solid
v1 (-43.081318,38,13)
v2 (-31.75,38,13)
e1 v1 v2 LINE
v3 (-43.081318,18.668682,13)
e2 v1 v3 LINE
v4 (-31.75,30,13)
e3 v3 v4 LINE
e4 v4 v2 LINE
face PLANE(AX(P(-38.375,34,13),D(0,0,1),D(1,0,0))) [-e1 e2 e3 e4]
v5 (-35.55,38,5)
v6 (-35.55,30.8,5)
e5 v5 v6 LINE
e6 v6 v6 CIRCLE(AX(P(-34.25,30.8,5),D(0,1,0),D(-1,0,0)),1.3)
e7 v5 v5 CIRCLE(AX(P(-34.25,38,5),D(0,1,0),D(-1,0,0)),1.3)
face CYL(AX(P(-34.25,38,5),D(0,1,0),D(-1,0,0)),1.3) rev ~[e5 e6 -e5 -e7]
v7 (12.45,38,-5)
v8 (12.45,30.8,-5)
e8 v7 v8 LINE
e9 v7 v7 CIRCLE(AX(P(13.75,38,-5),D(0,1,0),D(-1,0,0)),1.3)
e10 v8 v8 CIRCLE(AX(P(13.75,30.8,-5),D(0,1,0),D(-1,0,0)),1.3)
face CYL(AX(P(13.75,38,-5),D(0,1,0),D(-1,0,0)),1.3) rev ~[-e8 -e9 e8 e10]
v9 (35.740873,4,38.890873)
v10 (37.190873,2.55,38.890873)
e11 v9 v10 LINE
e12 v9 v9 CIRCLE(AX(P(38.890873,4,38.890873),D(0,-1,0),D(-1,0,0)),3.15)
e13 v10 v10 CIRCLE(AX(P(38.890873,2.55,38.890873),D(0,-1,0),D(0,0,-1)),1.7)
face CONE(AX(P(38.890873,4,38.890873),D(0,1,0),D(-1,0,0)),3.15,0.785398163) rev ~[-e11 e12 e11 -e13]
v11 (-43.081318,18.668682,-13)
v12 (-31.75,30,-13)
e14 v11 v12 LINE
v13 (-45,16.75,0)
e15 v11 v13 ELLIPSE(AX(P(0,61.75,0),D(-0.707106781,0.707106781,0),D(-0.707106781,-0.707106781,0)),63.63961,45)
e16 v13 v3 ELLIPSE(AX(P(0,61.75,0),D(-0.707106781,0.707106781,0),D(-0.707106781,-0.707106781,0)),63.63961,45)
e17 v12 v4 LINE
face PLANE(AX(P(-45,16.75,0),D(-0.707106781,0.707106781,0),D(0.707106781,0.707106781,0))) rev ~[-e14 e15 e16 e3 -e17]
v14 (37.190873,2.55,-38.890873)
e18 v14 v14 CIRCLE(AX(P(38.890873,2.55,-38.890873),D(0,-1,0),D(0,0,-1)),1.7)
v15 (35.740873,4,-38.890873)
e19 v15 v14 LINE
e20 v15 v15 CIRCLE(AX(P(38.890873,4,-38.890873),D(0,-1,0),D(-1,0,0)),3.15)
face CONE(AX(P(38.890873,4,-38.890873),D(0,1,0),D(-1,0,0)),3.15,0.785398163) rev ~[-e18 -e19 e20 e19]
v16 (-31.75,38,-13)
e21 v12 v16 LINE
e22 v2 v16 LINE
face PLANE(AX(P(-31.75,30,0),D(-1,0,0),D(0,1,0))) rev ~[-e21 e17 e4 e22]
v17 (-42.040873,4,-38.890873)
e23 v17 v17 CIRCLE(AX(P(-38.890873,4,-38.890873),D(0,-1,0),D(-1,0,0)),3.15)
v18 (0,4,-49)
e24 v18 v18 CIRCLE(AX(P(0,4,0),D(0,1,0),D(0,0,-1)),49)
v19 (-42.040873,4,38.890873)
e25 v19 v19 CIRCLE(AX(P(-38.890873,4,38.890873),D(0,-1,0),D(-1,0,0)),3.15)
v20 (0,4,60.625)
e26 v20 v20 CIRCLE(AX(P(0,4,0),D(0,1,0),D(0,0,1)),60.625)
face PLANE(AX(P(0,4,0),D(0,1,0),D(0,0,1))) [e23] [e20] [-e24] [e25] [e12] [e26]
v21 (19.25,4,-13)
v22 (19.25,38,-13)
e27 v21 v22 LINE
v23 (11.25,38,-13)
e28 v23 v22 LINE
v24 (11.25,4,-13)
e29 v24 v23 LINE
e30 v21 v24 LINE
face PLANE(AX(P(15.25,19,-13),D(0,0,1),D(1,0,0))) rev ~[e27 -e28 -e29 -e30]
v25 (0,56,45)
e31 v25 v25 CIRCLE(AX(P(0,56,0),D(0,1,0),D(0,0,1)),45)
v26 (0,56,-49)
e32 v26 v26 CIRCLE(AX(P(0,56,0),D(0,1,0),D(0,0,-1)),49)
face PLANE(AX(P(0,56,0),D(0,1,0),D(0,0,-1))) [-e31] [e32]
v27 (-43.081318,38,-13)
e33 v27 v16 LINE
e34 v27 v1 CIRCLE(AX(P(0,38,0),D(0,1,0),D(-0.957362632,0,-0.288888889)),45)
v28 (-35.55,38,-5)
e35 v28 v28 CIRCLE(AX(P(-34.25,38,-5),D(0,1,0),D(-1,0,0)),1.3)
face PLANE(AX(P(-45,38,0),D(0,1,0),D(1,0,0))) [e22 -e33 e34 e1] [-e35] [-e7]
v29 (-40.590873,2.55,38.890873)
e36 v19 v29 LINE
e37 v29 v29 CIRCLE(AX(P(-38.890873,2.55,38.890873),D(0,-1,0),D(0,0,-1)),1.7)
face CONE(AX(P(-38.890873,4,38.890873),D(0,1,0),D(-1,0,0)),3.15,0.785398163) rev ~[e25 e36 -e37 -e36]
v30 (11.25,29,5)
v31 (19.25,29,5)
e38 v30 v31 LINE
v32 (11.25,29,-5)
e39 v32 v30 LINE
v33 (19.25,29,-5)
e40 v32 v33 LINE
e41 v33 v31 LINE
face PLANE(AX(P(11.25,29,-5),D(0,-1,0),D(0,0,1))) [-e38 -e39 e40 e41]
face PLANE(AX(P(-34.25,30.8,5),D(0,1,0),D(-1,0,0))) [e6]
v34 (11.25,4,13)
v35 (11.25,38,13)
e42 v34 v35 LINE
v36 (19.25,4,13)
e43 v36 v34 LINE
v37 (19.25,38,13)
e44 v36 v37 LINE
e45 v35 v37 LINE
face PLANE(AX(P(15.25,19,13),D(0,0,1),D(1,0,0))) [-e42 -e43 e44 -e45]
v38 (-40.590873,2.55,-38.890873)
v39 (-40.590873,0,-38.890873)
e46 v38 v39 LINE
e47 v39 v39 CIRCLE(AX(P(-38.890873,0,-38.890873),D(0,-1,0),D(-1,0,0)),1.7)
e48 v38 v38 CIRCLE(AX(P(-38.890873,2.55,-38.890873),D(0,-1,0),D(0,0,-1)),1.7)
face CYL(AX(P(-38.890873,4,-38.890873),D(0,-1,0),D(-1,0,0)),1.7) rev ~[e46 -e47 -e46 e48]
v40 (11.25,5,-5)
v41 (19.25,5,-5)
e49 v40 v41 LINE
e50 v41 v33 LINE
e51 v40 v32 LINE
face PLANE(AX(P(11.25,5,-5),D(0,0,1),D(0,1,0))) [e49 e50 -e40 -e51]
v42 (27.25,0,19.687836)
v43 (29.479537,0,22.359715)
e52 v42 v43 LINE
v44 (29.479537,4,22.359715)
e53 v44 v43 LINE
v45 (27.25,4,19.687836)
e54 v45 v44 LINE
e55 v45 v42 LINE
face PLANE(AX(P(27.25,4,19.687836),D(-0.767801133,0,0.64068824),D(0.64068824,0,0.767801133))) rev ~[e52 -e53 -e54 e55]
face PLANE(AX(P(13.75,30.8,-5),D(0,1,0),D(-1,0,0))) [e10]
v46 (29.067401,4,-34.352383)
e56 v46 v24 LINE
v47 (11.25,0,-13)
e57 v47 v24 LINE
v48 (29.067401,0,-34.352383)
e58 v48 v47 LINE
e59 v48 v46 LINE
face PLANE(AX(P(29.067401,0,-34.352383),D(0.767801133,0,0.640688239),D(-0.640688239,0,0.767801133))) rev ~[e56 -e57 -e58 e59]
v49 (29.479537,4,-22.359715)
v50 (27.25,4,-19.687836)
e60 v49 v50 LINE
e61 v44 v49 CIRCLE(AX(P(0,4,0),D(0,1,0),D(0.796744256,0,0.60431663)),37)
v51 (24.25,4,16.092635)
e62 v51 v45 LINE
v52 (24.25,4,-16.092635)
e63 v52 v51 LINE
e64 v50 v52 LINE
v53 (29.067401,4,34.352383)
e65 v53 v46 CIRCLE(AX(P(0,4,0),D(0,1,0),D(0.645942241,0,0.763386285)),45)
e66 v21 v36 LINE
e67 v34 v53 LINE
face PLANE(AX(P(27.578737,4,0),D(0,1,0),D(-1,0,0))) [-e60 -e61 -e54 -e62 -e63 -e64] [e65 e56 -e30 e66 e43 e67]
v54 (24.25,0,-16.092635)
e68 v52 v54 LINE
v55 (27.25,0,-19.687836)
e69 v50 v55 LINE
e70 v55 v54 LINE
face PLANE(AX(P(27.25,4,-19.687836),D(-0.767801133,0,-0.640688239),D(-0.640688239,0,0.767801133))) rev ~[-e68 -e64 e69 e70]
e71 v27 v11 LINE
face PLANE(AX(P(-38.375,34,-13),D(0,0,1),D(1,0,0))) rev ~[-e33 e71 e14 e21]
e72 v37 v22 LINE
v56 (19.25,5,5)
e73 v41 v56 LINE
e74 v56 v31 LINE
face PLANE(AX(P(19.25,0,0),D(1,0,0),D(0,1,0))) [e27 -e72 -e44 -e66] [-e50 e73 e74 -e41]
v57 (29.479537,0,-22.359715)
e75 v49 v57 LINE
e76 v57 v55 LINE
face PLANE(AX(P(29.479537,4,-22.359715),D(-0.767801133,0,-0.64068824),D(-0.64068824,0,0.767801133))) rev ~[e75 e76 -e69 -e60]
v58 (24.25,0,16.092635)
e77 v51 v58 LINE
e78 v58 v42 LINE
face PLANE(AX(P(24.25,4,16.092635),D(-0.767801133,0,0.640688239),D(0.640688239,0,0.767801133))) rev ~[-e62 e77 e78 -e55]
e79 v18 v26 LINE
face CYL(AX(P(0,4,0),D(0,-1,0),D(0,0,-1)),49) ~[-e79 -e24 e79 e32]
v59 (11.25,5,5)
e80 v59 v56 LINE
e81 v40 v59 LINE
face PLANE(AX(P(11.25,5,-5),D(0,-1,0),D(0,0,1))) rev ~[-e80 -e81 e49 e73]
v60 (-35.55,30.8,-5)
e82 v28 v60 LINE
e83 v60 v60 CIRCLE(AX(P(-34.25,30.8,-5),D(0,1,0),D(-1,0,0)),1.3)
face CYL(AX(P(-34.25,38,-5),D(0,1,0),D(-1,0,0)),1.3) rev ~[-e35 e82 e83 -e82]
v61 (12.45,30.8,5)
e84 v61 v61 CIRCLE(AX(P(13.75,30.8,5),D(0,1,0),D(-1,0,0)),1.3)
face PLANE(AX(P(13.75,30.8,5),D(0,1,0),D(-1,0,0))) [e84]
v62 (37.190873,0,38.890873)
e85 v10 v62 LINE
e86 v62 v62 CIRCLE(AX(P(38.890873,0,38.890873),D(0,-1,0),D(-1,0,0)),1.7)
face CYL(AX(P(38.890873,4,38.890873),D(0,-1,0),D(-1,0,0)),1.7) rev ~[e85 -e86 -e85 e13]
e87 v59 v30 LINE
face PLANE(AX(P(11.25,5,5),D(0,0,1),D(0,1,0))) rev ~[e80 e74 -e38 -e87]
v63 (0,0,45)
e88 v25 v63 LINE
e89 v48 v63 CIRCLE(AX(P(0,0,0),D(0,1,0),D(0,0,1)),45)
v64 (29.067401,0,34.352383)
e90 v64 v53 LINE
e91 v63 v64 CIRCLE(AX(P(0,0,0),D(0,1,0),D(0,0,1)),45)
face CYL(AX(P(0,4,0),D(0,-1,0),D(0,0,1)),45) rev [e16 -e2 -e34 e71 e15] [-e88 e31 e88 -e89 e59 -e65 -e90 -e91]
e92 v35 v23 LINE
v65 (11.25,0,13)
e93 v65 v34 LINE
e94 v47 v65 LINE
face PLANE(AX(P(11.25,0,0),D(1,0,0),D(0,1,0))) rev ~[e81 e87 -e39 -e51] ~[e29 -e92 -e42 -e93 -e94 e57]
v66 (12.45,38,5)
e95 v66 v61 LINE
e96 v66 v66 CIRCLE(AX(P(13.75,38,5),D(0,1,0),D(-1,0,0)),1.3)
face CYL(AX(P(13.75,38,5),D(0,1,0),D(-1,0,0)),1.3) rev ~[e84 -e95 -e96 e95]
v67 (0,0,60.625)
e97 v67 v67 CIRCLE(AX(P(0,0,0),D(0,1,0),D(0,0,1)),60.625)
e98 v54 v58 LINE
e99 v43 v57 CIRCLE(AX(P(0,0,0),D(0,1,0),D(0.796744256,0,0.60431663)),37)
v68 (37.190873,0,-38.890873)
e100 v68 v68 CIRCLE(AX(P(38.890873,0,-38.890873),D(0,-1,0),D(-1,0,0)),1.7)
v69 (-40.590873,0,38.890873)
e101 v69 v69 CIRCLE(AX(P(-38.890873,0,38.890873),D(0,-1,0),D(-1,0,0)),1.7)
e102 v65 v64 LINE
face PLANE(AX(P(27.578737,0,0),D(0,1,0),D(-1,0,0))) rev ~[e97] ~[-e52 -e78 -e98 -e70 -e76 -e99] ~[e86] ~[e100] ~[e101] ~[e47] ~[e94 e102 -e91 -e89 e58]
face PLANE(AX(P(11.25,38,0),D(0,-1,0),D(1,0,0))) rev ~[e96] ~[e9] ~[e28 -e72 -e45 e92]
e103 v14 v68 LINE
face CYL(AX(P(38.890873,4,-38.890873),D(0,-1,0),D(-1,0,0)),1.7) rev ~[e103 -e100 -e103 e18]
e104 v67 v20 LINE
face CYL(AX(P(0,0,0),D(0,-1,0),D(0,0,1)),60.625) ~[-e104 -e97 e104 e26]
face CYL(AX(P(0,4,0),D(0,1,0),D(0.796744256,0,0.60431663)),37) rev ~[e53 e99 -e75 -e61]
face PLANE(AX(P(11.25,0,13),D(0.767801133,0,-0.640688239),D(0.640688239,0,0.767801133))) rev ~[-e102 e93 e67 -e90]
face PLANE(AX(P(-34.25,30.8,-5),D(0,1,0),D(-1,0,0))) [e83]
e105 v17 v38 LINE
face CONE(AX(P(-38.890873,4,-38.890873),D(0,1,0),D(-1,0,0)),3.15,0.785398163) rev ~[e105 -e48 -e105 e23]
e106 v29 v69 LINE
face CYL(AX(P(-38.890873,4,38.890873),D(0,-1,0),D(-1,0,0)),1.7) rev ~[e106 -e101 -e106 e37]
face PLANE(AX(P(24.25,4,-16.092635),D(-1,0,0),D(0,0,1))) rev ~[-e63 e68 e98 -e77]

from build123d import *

# Parameters (mm, degrees)
SKETCH1_R                                           = 60.625
SKETCH1_R_2                                         = 45
BOSS_EXTRUDE1_DEPTH                                 = 4
SKETCH2_R                                           = 49
SKETCH2_R_2                                         = 45
BOSS_EXTRUDE2_DEPTH                                 = 52
SKETCH4_W                                           = 13.25
SKETCH4_H                                           = 8
SKETCH4_W_2                                         = 8
SKETCH4_H_2                                         = 38
BOSS_EXTRUDE4_DEPTH                                 = 13
BOSS_EXTRUDE5_DEPTH                                 = 4
SKETCH7_R                                           = 1.3
CUT_EXTRUDE4_DEPTH                                  = 7.2
SKETCH9_W                                           = 10
SKETCH9_H                                           = 24
CUT_EXTRUDE7_DEPTH                                  = 8
CUT_EXTRUDE9_DEPTH                                  = 101.273532151
CSK_FOR_M3_COUNTERSUNK_FLAT_HEAD_SCREW1_D           = 3.4
CSK_FOR_M3_COUNTERSUNK_FLAT_HEAD_SCREW1_CSINK_D     = 6.3
CSK_FOR_M3_COUNTERSUNK_FLAT_HEAD_SCREW1_CSINK_ANGLE = 90


with BuildPart() as part:
    # Sketch1 → Boss-Extrude1 (new body)
    with BuildSketch(Plane(origin=(0, 0, 0), x_dir=(1, 0, 0), z_dir=(0, 1, 0))):
        with Locations(Location((0, 0, 0), (0, 0, 270))):
            Circle(SKETCH1_R)
        with Locations(Location((0, 0, 0), (0, 0, 270))):
            Circle(SKETCH1_R_2, mode=Mode.SUBTRACT)
    extrude(amount=BOSS_EXTRUDE1_DEPTH)

    # Sketch2 → Boss-Extrude2 (add)
    with BuildSketch(Plane(origin=(0, 4, 0), x_dir=(1, 0, 0), z_dir=(0, 1, 0))):
        with Locations(Location((0, 0, 0), (0, 0, 90))):
            Circle(SKETCH2_R)
        with Locations(Location((0, 0, 0), (0, 0, 270))):
            Circle(SKETCH2_R_2, mode=Mode.SUBTRACT)
    extrude(amount=BOSS_EXTRUDE2_DEPTH)

    # Sketch4 → Boss-Extrude4 (add, symmetric)
    with BuildSketch(Plane.XY):
        with Locations((-38.375, 34)):
            Rectangle(SKETCH4_W, SKETCH4_H)
        Polygon((-31.75, 30), (-45, 30), (-45, 16.75), align=None)
        with Locations((15.25, 19)):
            Rectangle(SKETCH4_W_2, SKETCH4_H_2)
    extrude(amount=BOSS_EXTRUDE4_DEPTH, both=True)


with BuildPart() as boss_extrude4_piece_1:
    # of the separate pieces the step leaves, piece 1, a body of its own (boss_extrude4_pieces)
    add(part.part.solids().sort_by_distance((0, 0, 60.625))[0])



with BuildPart() as boss_extrude4_piece_2:
    # of the separate pieces the step leaves, piece 2, a body of its own (boss_extrude4_pieces)
    add(part.part.solids().sort_by_distance((11.25, 38, -13))[0])


with BuildPart() as boss_extrude4_piece_1_1:
    add(boss_extrude4_piece_1.part)

    add(boss_extrude4_piece_2.part)  # Boss-Extrude5 merges Boss-Extrude4 piece 2
    # Sketch5 → Boss-Extrude5 (add)
    with BuildSketch(Plane.XZ):
        with BuildLine():
            Line((11.25, 13), (29.067400866, 34.352382842))
            ThreePointArc((29.067400866, 34.352382842), (45, 0), (29.067400866, -34.352382842))
            Line((29.067400866, -34.352382842), (11.25, -13))
            Line((11.25, -13), (11.25, 13))
        make_face()
    extrude(amount=-BOSS_EXTRUDE5_DEPTH)

    # Sketch7 → Cut-Extrude4 (cut)
    with BuildSketch(Plane(origin=(0, 38, 0), x_dir=(1, 0, 0), z_dir=(0, 1, 0))):
        with Locations(Location((-34.25, 5, 0), (0, 0, 180))):
            Circle(SKETCH7_R)
        with Locations(Location((-34.25, -5, 0), (0, 0, 180))):
            Circle(SKETCH7_R)
        with Locations(Location((13.75, 5, 0), (0, 0, 180))):
            Circle(SKETCH7_R)
        with Locations(Location((13.75, -5, 0), (0, 0, 180))):
            Circle(SKETCH7_R)
    extrude(amount=-CUT_EXTRUDE4_DEPTH, mode=Mode.SUBTRACT)

    # Sketch9 → Cut-Extrude7 (cut)
    with BuildSketch(Plane.ZY.offset(-11.25)):
        with Locations((0, 17)):
            Rectangle(SKETCH9_W, SKETCH9_H)
    extrude(amount=-CUT_EXTRUDE7_DEPTH, mode=Mode.SUBTRACT)

    # Sketch12 → Cut-Extrude9 (cut, through all)
    with BuildSketch(Plane(origin=(0, 4, 0), x_dir=(1, 0, 0), z_dir=(0, 1, 0))):
        with BuildLine():
            Line((29.479537487, 22.359715328), (27.25, 19.687836398))
            Line((27.25, 19.687836398), (27.25, -19.687836398))
            Line((27.25, -19.687836398), (29.479537487, -22.359715328))
            ThreePointArc((29.479537487, -22.359715328), (37, 0), (29.479537487, 22.359715328))
        make_face()
        Polygon((27.25, -19.687836398), (27.25, 19.687836398), (24.25, 16.092634774), (24.25, -16.092634774), align=None)
    extrude(amount=-CUT_EXTRUDE9_DEPTH, mode=Mode.SUBTRACT)

    # CSK for M3 Countersunk Flat Head Screw1 (through all)
    with Locations(Plane(origin=(0, 4, 0), x_dir=(1, 0, 0), z_dir=(0, 1, 0))):
        with Locations((-38.890872965, 38.890872965), (-38.890872965, -38.890872965), (38.890872965, -38.890872965), (38.890872965, 38.890872965)):
            CounterSinkHole(CSK_FOR_M3_COUNTERSUNK_FLAT_HEAD_SCREW1_D / 2, CSK_FOR_M3_COUNTERSUNK_FLAT_HEAD_SCREW1_CSINK_D / 2, counter_sink_angle=CSK_FOR_M3_COUNTERSUNK_FLAT_HEAD_SCREW1_CSINK_ANGLE)


solid = boss_extrude4_piece_1_1.part
